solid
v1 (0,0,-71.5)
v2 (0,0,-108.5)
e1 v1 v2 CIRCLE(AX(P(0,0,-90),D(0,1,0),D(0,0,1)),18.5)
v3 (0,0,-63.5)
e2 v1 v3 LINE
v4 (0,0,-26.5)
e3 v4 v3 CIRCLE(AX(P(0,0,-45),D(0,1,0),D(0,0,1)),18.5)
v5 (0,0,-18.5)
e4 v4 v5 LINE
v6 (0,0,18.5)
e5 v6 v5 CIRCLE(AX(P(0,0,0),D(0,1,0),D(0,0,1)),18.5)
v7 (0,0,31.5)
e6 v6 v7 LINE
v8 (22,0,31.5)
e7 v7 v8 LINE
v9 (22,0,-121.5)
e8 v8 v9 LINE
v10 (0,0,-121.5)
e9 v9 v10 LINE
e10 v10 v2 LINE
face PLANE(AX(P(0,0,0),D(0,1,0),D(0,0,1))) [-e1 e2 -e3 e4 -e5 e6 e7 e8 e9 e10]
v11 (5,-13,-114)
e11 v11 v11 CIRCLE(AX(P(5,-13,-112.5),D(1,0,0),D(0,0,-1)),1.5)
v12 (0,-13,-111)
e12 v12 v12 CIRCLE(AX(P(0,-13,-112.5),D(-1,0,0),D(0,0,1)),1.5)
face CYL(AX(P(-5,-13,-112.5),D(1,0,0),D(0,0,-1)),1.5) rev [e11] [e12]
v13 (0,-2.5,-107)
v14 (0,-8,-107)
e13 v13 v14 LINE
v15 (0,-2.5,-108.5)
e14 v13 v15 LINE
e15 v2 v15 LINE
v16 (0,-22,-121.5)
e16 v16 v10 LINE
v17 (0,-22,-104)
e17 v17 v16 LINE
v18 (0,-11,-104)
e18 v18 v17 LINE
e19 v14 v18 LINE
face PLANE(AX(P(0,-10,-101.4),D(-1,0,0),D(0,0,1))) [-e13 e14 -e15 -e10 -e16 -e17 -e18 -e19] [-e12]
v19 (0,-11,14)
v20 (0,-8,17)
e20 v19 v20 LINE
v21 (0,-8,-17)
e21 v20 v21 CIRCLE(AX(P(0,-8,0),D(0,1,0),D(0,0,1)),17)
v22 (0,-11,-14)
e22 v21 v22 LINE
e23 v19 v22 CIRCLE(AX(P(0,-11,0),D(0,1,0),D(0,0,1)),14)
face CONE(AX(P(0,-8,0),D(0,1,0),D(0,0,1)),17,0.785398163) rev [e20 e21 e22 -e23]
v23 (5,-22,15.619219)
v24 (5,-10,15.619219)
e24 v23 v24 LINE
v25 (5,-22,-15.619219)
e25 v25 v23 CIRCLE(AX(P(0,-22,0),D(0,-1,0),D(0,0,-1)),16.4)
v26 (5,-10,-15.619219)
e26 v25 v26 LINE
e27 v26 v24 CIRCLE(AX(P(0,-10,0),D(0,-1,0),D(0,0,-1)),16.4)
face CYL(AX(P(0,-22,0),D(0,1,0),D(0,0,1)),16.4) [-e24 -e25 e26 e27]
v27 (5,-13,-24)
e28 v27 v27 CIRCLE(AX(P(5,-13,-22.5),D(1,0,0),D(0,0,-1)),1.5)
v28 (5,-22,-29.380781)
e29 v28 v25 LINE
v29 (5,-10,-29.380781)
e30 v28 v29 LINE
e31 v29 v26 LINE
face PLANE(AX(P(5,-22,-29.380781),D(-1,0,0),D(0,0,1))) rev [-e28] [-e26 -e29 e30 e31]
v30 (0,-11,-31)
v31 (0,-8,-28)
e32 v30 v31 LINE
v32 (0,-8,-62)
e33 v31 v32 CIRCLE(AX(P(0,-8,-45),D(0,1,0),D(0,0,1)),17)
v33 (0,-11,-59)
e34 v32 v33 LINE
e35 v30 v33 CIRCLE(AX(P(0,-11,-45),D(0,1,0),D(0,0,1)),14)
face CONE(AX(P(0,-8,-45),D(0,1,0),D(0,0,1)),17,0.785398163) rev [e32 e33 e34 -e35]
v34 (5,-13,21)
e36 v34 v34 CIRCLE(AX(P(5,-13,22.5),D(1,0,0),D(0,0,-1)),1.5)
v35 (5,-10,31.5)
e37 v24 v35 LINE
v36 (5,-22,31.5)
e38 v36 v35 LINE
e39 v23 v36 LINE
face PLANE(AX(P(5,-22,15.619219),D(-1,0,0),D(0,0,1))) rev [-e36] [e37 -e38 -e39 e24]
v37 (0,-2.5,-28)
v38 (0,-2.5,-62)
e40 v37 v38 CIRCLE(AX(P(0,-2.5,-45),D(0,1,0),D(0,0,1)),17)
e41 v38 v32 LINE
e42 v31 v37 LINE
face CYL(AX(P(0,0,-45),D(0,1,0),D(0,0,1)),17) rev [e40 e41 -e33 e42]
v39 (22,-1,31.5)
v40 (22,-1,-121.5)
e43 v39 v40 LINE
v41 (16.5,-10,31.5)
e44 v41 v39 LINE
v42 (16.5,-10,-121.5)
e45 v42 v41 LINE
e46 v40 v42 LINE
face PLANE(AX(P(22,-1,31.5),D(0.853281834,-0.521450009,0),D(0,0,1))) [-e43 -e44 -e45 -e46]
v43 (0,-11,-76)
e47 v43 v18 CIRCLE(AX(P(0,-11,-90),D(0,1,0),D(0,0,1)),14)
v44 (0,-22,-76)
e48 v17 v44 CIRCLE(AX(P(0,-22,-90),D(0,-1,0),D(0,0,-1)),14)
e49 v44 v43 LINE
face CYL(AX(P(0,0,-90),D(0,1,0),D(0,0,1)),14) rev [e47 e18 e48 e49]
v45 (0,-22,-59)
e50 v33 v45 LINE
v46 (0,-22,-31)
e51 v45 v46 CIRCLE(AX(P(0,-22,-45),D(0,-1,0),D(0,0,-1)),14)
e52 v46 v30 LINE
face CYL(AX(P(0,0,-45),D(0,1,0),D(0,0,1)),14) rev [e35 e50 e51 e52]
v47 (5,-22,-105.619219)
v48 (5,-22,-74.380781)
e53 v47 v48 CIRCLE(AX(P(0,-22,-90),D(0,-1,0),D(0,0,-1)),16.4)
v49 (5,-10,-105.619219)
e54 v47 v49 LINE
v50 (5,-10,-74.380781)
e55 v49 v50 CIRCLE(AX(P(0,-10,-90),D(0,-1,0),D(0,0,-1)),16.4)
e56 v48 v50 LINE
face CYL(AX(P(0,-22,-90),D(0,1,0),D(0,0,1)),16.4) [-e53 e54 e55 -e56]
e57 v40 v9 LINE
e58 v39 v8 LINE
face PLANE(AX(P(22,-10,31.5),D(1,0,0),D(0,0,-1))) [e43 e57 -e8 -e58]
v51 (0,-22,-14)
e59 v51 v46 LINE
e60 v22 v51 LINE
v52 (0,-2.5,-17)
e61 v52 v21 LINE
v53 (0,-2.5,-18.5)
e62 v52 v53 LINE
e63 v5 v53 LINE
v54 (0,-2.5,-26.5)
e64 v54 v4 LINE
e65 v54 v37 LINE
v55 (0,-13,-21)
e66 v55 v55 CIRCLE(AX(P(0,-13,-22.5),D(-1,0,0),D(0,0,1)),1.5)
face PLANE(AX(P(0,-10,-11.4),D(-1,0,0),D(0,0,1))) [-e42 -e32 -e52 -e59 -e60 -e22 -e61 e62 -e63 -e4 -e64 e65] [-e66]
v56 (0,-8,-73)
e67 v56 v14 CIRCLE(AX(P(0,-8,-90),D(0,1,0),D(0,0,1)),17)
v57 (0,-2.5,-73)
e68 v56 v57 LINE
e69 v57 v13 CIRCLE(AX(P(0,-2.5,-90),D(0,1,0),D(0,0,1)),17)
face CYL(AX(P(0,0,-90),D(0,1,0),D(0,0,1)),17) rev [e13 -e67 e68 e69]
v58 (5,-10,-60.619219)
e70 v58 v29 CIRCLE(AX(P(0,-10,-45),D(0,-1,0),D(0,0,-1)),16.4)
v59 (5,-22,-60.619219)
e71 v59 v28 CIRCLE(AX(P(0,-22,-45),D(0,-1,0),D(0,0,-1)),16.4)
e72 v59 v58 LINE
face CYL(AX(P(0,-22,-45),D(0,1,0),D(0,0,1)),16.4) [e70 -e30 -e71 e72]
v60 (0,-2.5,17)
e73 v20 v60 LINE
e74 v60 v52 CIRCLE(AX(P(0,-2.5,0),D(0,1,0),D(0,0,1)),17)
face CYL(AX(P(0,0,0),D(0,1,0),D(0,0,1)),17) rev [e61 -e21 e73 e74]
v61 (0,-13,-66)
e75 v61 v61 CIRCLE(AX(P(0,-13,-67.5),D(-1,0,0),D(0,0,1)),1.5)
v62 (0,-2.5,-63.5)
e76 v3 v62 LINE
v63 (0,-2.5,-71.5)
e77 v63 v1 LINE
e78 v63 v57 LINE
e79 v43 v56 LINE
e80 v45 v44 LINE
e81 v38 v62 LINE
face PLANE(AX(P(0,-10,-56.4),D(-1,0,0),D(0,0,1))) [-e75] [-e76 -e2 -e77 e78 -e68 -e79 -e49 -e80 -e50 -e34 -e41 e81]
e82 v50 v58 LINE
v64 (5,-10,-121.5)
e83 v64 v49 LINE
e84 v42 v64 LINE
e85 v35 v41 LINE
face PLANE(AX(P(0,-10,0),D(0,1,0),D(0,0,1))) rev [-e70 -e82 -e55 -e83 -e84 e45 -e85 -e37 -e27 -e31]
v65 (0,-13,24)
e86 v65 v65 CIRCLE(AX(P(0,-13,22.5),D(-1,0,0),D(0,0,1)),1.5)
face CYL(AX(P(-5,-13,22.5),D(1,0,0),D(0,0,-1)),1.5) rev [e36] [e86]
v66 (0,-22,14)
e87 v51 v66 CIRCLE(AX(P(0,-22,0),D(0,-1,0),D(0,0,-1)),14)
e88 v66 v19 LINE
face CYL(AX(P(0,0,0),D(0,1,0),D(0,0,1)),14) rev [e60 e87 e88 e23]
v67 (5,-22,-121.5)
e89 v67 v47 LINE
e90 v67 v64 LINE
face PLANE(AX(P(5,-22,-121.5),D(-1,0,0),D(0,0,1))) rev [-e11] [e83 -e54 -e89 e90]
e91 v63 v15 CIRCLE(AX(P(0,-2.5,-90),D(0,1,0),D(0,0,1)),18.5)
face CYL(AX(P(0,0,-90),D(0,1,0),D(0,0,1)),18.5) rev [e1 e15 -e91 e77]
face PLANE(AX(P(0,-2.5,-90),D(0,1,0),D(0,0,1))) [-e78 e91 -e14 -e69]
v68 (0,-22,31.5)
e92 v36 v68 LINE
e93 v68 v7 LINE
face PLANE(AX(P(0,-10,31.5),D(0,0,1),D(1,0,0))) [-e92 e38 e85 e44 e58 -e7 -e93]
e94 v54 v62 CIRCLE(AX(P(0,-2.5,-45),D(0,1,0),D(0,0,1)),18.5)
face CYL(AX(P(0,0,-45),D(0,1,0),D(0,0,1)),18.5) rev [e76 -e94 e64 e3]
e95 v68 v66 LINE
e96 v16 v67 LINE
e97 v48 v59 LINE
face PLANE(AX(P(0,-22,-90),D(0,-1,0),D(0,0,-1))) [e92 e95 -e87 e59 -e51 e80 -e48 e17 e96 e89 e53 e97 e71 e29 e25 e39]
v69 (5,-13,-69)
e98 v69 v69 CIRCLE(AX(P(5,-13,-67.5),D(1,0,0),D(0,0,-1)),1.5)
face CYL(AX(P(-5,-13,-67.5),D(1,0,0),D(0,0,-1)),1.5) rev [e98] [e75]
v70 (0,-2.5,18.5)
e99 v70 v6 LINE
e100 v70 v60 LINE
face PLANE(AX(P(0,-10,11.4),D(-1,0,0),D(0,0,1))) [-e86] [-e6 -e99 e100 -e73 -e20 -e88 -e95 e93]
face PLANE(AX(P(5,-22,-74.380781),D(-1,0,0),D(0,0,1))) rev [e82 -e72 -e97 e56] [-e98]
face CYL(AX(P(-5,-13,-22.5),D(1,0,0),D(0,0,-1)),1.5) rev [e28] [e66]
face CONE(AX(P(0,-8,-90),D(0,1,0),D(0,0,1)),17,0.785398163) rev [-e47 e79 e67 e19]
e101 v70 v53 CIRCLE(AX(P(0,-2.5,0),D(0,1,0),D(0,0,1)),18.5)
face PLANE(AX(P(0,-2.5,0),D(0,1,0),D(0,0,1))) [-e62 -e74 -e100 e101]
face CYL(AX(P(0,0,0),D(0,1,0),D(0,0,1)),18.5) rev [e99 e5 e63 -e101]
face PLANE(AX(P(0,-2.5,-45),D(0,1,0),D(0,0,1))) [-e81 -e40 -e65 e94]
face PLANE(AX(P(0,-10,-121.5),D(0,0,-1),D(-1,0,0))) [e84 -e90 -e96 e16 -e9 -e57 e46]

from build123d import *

# Parameters (mm, degrees)
BOSS_EXTRUDE1_DEPTH = 10
BOSS_EXTRUDE2_DEPTH = 12
CHAMFER2_SIZE       = 5.5
CHAMFER2_SIZE2      = 9
SKETCH6_W           = 14
SKETCH6_H           = 15
SKETCH6_W_2         = 17
SKETCH6_H_2         = 2.5
SKETCH6_W_3         = 1.5
LPATTERN3_COUNT     = 3
LPATTERN3_PITCH     = 45
SKETCH7_R           = 1.5
CUT_EXTRUDE1_DEPTH  = 10
LPATTERN4_COUNT     = 3
LPATTERN4_PITCH     = 45
LPATTERN5_COUNT     = 2
LPATTERN5_PITCH     = 45


with BuildPart() as part:
    # Sketch1 → Boss-Extrude1 (new body)
    with BuildSketch(Plane(origin=(0, 0, 0), x_dir=(1, 0, 0), z_dir=(0, 1, 0))):
        with BuildLine():
            Line((0, -11.4), (0, -31.5))
            Line((0, -31.5), (22, -31.5))
            Line((22, -31.5), (22, 121.5))
            Line((22, 121.5), (0, 121.5))
            Line((0, 121.5), (0, 101.4))
            ThreePointArc((0, 101.4), (11.4, 90), (0, 78.6))
            Line((0, 78.6), (0, 56.4))
            ThreePointArc((0, 56.4), (11.4, 45), (0, 33.6))
            Line((0, 33.6), (0, 11.4))
            ThreePointArc((0, 11.4), (11.4, 0), (0, -11.4))
        make_face()
    extrude(amount=-BOSS_EXTRUDE1_DEPTH)

    # Sketch3 → Boss-Extrude2 (add)
    with BuildSketch(Plane.XZ.offset(10)):
        with BuildLine():
            Line((0, -121.5), (0, -101.4))
            ThreePointArc((0, -101.4), (11.4, -90), (0, -78.6))
            Line((0, -78.6), (0, -56.4))
            ThreePointArc((0, -56.4), (11.4, -45), (0, -33.6))
            Line((0, -33.6), (0, -11.4))
            ThreePointArc((0, -11.4), (11.4, 0), (0, 11.4))
            Line((0, 11.4), (0, 31.5))
            Line((0, 31.5), (5, 31.5))
            Line((5, 31.5), (5, 15.619218931))
            ThreePointArc((5, 15.619218931), (16.4, 0), (5, -15.619218931))
            Line((5, -15.619218931), (5, -29.380781069))
            ThreePointArc((5, -29.380781069), (16.4, -45), (5, -60.619218931))
            Line((5, -60.619218931), (5, -74.380781069))
            ThreePointArc((5, -74.380781069), (16.4, -90), (5, -105.619218931))
            Line((5, -105.619218931), (5, -121.5))
            Line((5, -121.5), (0, -121.5))
        make_face()
    extrude(amount=BOSS_EXTRUDE2_DEPTH)

    # Chamfer2
    chamfer2_edges = [part.edges().sort_by_distance(p)[0] for p in [
        (22, -10, -45),
    ]]
    chamfer2_side = [part.faces().sort_by_distance(p)[0] for p in [
        (6.539415473, -10, 23.559609465),
    ]]
    chamfer(chamfer2_edges, length=CHAMFER2_SIZE, length2=CHAMFER2_SIZE2, reference=chamfer2_side[0])

    # Sketch6 → Cut-Revolve6 (revolve, cut)
    with BuildSketch(Plane.ZY):
        with Locations((-83, -18.5)):
            Rectangle(SKETCH6_W, SKETCH6_H)
        Polygon((-90, -11), (-76, -11), (-73, -8), (-73, -2.5), (-90, -2.5), align=None)
        with Locations((-81.5, -1.25)):
            Rectangle(SKETCH6_W_2, SKETCH6_H_2)
        with Locations((-72.25, -1.25)):
            Rectangle(SKETCH6_W_3, SKETCH6_H_2)
    cut_revolve6 = revolve(axis=Axis((0, 0, -90), (0, -1, 0)), mode=Mode.SUBTRACT)

    # LPattern3: Cut-Revolve6 ×3
    with Locations(*[(0, 0, i * LPATTERN3_PITCH) for i in range(1, LPATTERN3_COUNT)]):
        add(cut_revolve6, mode=Mode.SUBTRACT)

    # Sketch7 → Cut-Extrude1 (cut)
    with BuildSketch(Plane(origin=(5, 0, 0), x_dir=(0, 0, -1), z_dir=(1, 0, 0))):
        with Locations((67.5, -13)):
            Circle(SKETCH7_R)
    cut_extrude1 = extrude(amount=-CUT_EXTRUDE1_DEPTH, mode=Mode.SUBTRACT)

    # LPattern4: Cut-Extrude1 ×3
    with Locations(*[(0, 0, i * LPATTERN4_PITCH) for i in range(1, LPATTERN4_COUNT)]):
        add(cut_extrude1, mode=Mode.SUBTRACT)

    # LPattern5: Cut-Extrude1 ×2
    with Locations(*[(0, 0, -i * LPATTERN5_PITCH) for i in range(1, LPATTERN5_COUNT)]):
        add(cut_extrude1, mode=Mode.SUBTRACT)


solid = part.part
